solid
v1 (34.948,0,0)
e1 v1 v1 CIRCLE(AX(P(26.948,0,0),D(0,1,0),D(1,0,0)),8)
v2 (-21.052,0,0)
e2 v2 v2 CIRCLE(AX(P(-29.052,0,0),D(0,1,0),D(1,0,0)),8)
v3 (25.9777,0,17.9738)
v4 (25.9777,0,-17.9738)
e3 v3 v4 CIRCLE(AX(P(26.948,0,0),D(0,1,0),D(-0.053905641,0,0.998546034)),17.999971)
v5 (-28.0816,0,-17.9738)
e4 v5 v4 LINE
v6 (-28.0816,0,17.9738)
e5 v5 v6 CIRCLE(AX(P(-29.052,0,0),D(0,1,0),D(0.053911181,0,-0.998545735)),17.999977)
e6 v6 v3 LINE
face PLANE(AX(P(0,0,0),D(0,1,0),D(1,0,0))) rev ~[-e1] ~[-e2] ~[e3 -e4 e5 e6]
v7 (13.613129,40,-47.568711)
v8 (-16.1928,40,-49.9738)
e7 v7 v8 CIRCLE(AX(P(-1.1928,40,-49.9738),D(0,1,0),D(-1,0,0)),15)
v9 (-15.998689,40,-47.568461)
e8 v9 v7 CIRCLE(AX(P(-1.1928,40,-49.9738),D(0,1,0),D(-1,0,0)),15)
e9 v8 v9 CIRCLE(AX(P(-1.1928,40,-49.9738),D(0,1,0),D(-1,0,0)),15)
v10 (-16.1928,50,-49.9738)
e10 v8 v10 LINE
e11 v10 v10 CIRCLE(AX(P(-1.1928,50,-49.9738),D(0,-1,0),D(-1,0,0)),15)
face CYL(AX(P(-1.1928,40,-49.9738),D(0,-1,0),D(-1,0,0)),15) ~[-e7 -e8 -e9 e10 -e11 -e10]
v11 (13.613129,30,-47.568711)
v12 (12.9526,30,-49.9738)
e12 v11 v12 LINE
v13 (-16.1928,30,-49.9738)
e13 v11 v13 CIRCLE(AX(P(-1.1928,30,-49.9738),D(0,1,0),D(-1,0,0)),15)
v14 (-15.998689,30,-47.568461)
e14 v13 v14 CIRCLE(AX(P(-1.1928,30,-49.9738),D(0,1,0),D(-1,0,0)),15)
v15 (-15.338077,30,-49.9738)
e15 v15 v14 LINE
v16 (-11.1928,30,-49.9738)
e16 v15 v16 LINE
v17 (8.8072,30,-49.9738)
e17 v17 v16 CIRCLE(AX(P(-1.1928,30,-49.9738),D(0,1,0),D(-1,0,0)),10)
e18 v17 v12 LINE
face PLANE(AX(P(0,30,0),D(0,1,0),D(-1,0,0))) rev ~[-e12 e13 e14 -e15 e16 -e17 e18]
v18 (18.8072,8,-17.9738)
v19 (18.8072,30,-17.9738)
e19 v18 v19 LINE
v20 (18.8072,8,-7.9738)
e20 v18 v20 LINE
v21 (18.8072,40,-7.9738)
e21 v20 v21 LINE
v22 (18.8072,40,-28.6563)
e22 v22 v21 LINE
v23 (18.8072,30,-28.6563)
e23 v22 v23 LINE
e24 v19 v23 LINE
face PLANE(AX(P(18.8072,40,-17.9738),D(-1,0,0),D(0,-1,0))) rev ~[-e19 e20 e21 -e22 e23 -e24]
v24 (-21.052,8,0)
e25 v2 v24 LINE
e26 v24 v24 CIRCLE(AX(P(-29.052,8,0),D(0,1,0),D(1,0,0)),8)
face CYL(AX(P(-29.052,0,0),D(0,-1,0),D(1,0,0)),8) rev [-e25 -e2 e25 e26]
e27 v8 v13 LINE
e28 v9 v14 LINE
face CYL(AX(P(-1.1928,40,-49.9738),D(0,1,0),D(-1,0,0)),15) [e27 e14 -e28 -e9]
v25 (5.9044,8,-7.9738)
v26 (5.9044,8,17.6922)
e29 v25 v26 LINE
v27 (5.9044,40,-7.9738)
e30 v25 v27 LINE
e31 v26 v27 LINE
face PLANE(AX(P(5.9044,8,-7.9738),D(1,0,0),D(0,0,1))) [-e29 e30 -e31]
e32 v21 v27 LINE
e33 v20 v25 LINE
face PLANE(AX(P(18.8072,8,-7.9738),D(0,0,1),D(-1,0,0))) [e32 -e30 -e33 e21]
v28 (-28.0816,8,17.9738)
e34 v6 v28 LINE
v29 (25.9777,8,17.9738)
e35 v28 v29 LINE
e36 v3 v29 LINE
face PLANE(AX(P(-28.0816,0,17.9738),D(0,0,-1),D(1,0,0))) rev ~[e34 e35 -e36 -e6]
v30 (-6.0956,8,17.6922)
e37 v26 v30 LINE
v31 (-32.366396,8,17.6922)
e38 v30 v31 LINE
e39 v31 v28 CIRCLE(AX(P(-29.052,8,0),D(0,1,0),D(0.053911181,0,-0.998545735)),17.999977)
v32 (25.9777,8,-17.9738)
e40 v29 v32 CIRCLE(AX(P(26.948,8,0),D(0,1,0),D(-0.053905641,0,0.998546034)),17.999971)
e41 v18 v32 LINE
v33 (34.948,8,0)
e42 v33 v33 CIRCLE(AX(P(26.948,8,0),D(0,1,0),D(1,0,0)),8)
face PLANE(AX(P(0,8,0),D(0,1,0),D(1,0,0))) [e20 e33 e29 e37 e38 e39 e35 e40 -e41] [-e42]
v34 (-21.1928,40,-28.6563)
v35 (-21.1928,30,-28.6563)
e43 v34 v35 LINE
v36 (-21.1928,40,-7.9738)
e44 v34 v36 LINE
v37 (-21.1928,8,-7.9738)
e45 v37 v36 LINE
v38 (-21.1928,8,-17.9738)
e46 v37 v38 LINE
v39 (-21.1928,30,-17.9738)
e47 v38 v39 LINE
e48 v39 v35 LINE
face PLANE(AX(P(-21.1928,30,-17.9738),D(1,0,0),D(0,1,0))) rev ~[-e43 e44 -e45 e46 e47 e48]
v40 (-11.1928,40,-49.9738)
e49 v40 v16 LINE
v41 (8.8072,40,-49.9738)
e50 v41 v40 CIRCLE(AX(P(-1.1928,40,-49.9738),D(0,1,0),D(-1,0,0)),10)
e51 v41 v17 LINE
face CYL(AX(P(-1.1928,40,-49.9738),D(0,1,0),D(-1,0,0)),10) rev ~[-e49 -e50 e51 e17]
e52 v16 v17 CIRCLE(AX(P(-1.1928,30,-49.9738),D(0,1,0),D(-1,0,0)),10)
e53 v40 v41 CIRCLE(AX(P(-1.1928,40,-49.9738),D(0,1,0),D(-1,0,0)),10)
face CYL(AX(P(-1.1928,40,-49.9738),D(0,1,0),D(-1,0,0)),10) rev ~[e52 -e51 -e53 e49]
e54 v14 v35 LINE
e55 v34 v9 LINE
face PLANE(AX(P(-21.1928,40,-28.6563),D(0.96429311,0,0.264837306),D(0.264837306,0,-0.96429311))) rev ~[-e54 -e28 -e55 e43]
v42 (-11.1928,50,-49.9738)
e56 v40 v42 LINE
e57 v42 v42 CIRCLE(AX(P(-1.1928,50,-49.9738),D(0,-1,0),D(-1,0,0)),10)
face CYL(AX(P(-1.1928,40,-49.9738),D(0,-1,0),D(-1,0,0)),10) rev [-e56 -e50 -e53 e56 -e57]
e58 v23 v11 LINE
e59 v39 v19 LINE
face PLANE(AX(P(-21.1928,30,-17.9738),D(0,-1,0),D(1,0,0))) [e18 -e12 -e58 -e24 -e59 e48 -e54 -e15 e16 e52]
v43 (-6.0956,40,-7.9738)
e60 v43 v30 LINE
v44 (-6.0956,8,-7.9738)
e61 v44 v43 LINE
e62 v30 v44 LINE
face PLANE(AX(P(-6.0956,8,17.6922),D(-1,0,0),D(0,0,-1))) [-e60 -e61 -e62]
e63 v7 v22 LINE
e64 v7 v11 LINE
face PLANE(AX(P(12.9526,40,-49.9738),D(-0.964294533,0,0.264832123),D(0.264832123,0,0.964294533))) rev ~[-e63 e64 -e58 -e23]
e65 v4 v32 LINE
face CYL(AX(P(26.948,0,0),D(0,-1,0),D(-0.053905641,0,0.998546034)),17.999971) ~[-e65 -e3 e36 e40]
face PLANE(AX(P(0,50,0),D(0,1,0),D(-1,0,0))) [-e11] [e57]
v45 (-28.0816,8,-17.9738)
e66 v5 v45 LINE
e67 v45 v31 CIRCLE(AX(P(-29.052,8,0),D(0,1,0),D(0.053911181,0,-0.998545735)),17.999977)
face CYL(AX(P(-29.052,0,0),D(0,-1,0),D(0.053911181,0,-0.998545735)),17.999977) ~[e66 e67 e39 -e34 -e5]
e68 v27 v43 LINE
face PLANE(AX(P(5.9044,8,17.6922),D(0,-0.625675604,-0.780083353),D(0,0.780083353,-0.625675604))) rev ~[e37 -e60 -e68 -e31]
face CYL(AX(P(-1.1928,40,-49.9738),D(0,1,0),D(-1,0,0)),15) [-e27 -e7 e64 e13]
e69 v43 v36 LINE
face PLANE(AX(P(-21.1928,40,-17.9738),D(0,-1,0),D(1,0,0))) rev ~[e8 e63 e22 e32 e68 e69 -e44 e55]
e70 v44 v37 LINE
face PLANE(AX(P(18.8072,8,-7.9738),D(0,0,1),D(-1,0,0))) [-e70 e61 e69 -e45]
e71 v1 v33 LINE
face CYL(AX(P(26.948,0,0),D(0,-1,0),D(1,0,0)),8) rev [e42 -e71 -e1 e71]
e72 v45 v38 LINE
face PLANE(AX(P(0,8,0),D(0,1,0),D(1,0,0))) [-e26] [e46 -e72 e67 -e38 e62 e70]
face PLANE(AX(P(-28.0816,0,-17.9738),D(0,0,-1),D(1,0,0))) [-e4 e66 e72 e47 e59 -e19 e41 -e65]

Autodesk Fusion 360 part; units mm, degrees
sketch "Sketch1" plane through (0, 0, 0) normal (0, 1, 0) x (1, 0, 0)
  circle A0 centre (-29.052, 0) radius 8
  circle A1 centre (26.948, 0) radius 8
  line L0 (-29, -17.9738) -> (27, -17.9738)
  line L1 (-29, 17.9738) -> (27, 17.9738)
  arc A2 (25.9777, -17.9738) -> (25.9777, 17.9738) centre (26.948, 0) ccw
  arc A3 (-28.0816, 17.9738) -> (-28.0816, -17.9738) centre (-29.052, 0) ccw
  dimension "d1" = 56
  dimension "d2" = 16
  dimension "d3" = 16
  dimension "d5" = 36
  dimension "d6" = 36
extrude "Extrude1" add sketch "Sketch1" along normal blind 8
sketch "Sketch2" plane through (0, 8, 0) normal (0, 1, 0) x (-1, 0, 0)
  circle A0 centre (-26.948, 0) radius 8
  circle A1 centre (29.052, 0) radius 8
  arc A2 (28.0816, -17.9738) -> (28.0816, 17.9738) centre (29.052, 0) ccw
  line L0 (28.0816, 17.9738) -> (-25.9777, 17.9738)
  arc A3 (-25.9777, 17.9738) -> (-25.9777, -17.9738) centre (-26.948, 0) ccw
  line L1 (-25.9777, -17.9738) -> (28.0816, -17.9738)
  line L2 (21.1928, -17.9738) -> (-18.8072, -17.9738)
  line L3 (-18.8072, -17.9738) -> (-18.8072, -7.9738)
  line L4 (-18.8072, -7.9738) -> (21.1928, -7.9738)
  line L5 (21.1928, -7.9738) -> (21.1928, -17.9738)
  dimension "d9" = 40
  dimension "d10" = 10
  dimension "d11" = 40
  dimension "d12" = 40
  dimension "d13" = 10
extrude "Extrude2" add sketch "Sketch2" along normal blind 32 contours L1 L2 L3 L4 L5
sketch "Sketch3" plane through (0, 0, -17.9738) normal (0, 0, -1) x (-1, 0, 0)
  line L0 (-25.9777, 0) -> (28.0816, 0)
  line L1 (28.0816, 0) -> (28.0816, 8)
  line L2 (28.0816, 8) -> (21.1928, 8)
  line L3 (21.1928, 8) -> (21.1928, 40)
  line L4 (21.1928, 40) -> (-18.8072, 40)
  line L5 (-18.8072, 40) -> (-18.8072, 8)
  line L6 (-18.8072, 8) -> (-25.9777, 8)
  line L7 (-25.9777, 8) -> (-25.9777, 0)
  line L8 (-18.8072, 40) -> (21.1928, 40)
  line L9 (21.1928, 40) -> (21.1928, 30)
  line L10 (21.1928, 30) -> (-18.8072, 30)
  line L11 (-18.8072, 30) -> (-18.8072, 40)
  dimension "d16" = 10
extrude "Extrude3" add sketch "Sketch3" along normal blind 32 contours L3 L4 L5 L8 L9 L10 L11
sketch "Sketch4" plane through (0, 40, 0) normal (0, 1, 0) x (-1, 0, 0)
  line L0 (21.1928, -7.9738) -> (-18.8072, -7.9738)
  line L1 (-18.8072, -7.9738) -> (-18.8072, -49.9738)
  line L2 (-18.8072, -49.9738) -> (21.1928, -49.9738)
  line L3 (21.1928, -49.9738) -> (21.1928, -7.9738)
  line L4 (21.1928, -28.6563) -> (15.1408, -50.6921)
  line L5 (-19.0097, -28.6563) -> (-12.9578, -50.6921)
extrude "Extrude4" cut sketch "Sketch4" against normal blind 20 contours L2 L3 L4
sketch "Sketch5" plane through (0, 40, 0) normal (0, 1, 0) x (-1, 0, 0)
  line L0 (15.3381, -49.9738) -> (21.1928, -28.6563)
  line L1 (21.1928, -28.6563) -> (21.1928, -7.9738)
  line L2 (21.1928, -7.9738) -> (-18.8072, -7.9738)
  line L3 (-18.8072, -7.9738) -> (-18.8072, -49.9738)
  line L4 (-18.8072, -49.9738) -> (15.3381, -49.9738)
  line L5 (1.1928, 40.1018) -> (1.1928, -51.5866)
  line L6 (-12.9526, -49.9738) -> (-18.8072, -28.6563)
extrude "Extrude5" cut sketch "Sketch5" against normal blind 30 contours L3 L4 L6
sketch "Sketch6" plane through (0, 40, 0) normal (0, 1, 0) x (-1, 0, 0)
  line L0 (-18.8072, -28.6563) -> (-12.9526, -49.9738)
  line L1 (-12.9526, -49.9738) -> (15.3381, -49.9738)
  line L2 (15.3381, -49.9738) -> (21.1928, -28.6563)
  line L3 (21.1928, -28.6563) -> (21.1928, -7.9738)
  line L4 (21.1928, -7.9738) -> (-18.8072, -7.9738)
  line L5 (-18.8072, -7.9738) -> (-18.8072, -28.6563)
  circle A0 centre (1.1928, -49.9738) radius 15
  circle A1 centre (1.1928, -49.9738) radius 10
  dimension "d23" = 30
  dimension "d24" = 20
extrude "Extrude6" add sketch "Sketch6" along normal blind 10 contours L0 L1 L2 A0 A1 | L0 L1 L2 A0 A1
extrude "Extrude7" add 1 faces at (1.7657, 40, -62.9484) along direction (0, -1, 0) blind 10
extrude "Extrude8" cut 1 faces at (-2.0826, 40, -45.7415) along direction (0, -1, 0) blind 45
sketch "Sketch7" plane through (0, 8, 0) normal (0, 1, 0) x (-1, 0, 0)
  line L0 (-18.8072, -17.9738) -> (-18.8072, -7.9738)
  line L1 (-18.8072, -7.9738) -> (21.1928, -7.9738)
  line L2 (21.1928, -7.9738) -> (21.1928, -17.9738)
  line L3 (21.1928, -17.9738) -> (28.0816, -17.9738)
  arc A0 (28.0816, -17.9738) -> (28.0816, 17.9738) centre (29.052, 0) ccw
  line L4 (28.0816, 17.9738) -> (-25.9777, 17.9738)
  arc A1 (-25.9777, 17.9738) -> (-25.9777, -17.9738) centre (-26.948, 0) ccw
  line L5 (-25.9777, -17.9738) -> (-18.8072, -17.9738)
  circle A2 centre (29.052, 0) radius 8
  circle A3 centre (-26.948, 0) radius 8
  line L6 (6.0956, -7.9738) -> (-5.9044, -7.9738)
  line L7 (-5.9044, -7.9738) -> (-5.9044, 17.6922)
  line L8 (-5.9044, 17.6922) -> (6.0956, 17.6922)
  line L9 (6.0956, 17.6922) -> (6.0956, -7.9738)
  dimension "d31" = 12
extrude "Extrude9" add sketch "Sketch7" along normal blind 32 contours L1 L6 L7 L8 L9
sketch "Sketch8" plane through (5.9044, 0, 0) normal (1, 0, 0) x (0, 0, -1)
  line L0 (-17.6922, 8) -> (7.9738, 8)
  line L1 (7.9738, 8) -> (7.9738, 40)
  line L2 (7.9738, 40) -> (-17.6922, 40)
  line L3 (-17.6922, 40) -> (-17.6922, 8)
  line L4 (-17.6922, 8) -> (7.9738, 40)
extrude "Extrude10" cut sketch "Sketch8" against normal blind 55 contours L2 L3 L4
